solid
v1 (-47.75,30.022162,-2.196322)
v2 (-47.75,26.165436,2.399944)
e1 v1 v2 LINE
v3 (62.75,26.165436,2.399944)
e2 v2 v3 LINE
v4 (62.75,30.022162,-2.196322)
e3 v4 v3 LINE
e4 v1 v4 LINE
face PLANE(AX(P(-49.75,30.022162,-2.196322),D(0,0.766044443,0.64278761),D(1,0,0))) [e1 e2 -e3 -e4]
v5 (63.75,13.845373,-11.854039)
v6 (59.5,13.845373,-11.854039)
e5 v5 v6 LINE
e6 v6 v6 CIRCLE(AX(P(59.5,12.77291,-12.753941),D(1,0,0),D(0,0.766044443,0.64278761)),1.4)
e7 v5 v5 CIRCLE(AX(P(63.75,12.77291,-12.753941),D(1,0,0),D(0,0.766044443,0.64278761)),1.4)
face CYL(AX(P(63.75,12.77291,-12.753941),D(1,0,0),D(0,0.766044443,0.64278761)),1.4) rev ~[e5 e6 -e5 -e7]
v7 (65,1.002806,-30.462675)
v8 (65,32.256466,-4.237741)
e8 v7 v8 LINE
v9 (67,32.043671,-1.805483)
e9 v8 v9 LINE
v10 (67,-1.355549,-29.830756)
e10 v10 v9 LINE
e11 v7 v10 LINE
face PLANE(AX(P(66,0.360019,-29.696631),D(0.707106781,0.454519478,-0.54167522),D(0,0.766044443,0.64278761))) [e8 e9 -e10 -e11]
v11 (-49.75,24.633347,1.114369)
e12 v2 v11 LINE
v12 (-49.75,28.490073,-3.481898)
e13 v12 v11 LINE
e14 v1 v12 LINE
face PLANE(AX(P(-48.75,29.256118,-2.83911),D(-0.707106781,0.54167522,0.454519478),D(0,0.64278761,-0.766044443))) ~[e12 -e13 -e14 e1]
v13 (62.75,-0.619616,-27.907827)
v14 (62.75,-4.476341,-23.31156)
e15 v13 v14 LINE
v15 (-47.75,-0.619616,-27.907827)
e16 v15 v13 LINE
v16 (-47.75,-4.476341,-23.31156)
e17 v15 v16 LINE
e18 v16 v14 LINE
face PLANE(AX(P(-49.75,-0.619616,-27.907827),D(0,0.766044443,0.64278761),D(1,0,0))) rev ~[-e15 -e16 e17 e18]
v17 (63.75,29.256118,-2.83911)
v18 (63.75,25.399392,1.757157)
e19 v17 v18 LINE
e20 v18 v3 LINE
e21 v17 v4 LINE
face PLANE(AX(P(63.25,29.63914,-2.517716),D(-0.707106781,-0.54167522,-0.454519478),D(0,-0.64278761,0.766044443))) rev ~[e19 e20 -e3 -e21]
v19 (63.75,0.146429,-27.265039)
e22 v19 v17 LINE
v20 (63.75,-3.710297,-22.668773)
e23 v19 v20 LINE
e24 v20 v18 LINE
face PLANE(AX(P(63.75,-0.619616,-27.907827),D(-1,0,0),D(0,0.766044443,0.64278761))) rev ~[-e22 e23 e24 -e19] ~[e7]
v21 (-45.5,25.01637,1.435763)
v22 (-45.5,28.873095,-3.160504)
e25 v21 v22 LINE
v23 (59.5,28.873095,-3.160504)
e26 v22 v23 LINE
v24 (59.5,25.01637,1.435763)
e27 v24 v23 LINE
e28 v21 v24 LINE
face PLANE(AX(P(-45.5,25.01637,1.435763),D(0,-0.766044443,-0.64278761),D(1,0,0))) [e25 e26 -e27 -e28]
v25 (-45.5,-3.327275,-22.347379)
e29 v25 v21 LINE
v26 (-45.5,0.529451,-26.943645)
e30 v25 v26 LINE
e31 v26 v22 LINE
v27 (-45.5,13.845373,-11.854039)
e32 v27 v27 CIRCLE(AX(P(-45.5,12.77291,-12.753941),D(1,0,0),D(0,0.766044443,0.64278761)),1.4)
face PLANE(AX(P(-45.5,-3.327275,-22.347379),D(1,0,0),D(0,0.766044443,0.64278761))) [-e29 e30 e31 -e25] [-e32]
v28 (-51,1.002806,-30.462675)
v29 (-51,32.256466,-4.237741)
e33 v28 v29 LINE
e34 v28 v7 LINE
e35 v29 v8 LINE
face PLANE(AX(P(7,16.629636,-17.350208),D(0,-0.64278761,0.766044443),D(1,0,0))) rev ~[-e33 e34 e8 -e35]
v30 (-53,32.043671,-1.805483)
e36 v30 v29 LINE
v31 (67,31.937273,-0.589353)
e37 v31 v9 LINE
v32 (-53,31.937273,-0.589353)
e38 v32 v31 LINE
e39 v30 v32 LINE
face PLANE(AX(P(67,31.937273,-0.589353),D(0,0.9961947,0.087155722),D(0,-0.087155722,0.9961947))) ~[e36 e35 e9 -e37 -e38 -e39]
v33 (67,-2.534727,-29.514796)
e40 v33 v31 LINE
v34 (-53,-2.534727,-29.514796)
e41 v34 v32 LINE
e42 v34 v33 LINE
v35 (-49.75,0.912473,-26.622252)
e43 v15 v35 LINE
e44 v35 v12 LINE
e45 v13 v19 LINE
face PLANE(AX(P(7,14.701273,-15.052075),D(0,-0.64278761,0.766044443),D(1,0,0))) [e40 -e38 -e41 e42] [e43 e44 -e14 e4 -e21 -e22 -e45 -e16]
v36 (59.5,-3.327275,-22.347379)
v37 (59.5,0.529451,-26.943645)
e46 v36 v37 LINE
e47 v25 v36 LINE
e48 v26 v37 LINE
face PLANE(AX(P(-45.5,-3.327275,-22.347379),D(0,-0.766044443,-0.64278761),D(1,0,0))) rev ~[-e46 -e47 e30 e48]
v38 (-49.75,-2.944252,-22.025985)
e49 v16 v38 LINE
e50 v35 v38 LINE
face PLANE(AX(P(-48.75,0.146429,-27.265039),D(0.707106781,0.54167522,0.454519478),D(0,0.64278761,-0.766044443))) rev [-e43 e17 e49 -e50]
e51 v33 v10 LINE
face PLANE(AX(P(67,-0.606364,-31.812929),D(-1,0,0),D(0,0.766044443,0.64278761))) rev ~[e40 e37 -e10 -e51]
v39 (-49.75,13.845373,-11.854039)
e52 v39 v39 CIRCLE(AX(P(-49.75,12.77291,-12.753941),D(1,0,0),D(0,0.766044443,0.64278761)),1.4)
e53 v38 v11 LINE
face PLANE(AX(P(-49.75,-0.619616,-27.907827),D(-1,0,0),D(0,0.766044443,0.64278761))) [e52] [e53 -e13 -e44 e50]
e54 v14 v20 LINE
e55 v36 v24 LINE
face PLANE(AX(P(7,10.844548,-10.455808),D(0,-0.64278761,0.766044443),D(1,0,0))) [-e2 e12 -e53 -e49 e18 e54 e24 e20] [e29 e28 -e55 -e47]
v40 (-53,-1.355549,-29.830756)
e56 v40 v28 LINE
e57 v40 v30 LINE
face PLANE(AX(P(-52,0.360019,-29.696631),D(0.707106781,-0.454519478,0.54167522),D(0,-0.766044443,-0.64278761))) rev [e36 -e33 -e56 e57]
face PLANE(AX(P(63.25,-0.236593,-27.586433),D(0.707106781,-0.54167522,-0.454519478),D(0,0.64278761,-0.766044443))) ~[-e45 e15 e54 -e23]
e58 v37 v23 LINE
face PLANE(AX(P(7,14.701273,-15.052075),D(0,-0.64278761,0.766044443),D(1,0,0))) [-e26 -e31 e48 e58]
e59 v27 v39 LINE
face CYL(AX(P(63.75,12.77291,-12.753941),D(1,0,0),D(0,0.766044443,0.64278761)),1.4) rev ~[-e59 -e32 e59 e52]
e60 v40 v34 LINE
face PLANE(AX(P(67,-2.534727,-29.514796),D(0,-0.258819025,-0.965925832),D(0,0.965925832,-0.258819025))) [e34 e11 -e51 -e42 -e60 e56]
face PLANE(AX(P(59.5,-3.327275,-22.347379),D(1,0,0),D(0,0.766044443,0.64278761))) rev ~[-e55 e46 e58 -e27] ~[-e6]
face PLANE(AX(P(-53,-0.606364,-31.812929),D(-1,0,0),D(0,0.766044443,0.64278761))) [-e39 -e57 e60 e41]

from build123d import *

# Parameters (mm, degrees)
SKETCH018_W             = 120
SKETCH018_H             = 45
PAD003_DEPTH            = 3
SKETCH019_W             = 113.5
SKETCH019_H             = 40
PAD004_DEPTH            = 6
SKETCH020_R             = 1.4
POCKET008_DEPTH         = 116.751
POCKET012_DEPTH         = 376.952357
CHAMFER008_SIZE         = 2
SKETCH021_W             = 105
SKETCH021_H             = 37
POCKET013_DEPTH         = 6
CHAMFER009_SIZE         = 2
CHAMFER010_SIZE         = 1
CHAMFER011_SIZE         = 1
CHAMFER012_SIZE         = 2
BODY001_PLACEMENT_ANGLE = 50


with BuildPart() as part:
    # Sketch018 → Pad003 (new body)
    with BuildSketch(Plane.XZ):
        Rectangle(SKETCH018_W, SKETCH018_H)
    extrude(amount=PAD003_DEPTH)

    # Sketch019 (on Face6 of Pad003) → Pad004 (join)
    with BuildSketch(Plane.XZ.offset(3)):
        Rectangle(SKETCH019_W, SKETCH019_H)
    extrude(amount=PAD004_DEPTH)

    # Sketch020 (on Face8 of Pad004) → Pocket008 (cut, through all)
    with BuildSketch(Plane(origin=(56.75, 0, 0), x_dir=(0, 0, 1), z_dir=(1, 0, 0))):
        with Locations((0, 6)):
            Circle(SKETCH020_R)
    extrude(amount=-POCKET008_DEPTH, mode=Mode.SUBTRACT)

    # Sketch024 (on Face3 of Pocket008) → Pocket012 (cut, through all)
    with BuildSketch(Plane(origin=(60, 0, 0), x_dir=(0, 0, 1), z_dir=(1, 0, 0))):
        Polygon((-22.5, 3), (-17.875456, -3.604533), (-35.516254, -3.604533), align=None)
    pocket012 = extrude(amount=-POCKET012_DEPTH, mode=Mode.SUBTRACT)

    # Mirrored: Pocket012 across Sketch024 V_Axis
    add(pocket012.mirror(Plane(origin=(60, 0, 0), x_dir=(1, 0, 0), z_dir=(0, 0, 1))), mode=Mode.SUBTRACT)

    # Chamfer008
    chamfer008_edges = [part.edges().sort_by_distance(p)[0] for p in [
        (60, 0, 0),
        (-60, 0, 0),
    ]]
    chamfer(chamfer008_edges, length=CHAMFER008_SIZE)

    # Sketch021 → Pocket013 (cut)
    with BuildSketch(Plane.XZ.offset(9)):
        Rectangle(SKETCH021_W, SKETCH021_H)
    extrude(amount=-POCKET013_DEPTH, mode=Mode.SUBTRACT)

    # Chamfer009
    chamfer009_edges = [part.edges().sort_by_distance(p)[0] for p in [
        (-56.75, -6, -20),
    ]]
    chamfer(chamfer009_edges, length=CHAMFER009_SIZE)

    # Chamfer010
    chamfer010_edges = [part.edges().sort_by_distance(p)[0] for p in [
        (56.75, -6, -20),
    ]]
    chamfer(chamfer010_edges, length=CHAMFER010_SIZE)

    # Chamfer011
    chamfer011_edges = [part.edges().sort_by_distance(p)[0] for p in [
        (56.75, -6, 20),
    ]]
    chamfer(chamfer011_edges, length=CHAMFER011_SIZE)

    # Chamfer012
    chamfer012_edges = [part.edges().sort_by_distance(p)[0] for p in [
        (-56.75, -6, 20),
    ]]
    chamfer(chamfer012_edges, length=CHAMFER012_SIZE)


with BuildPart() as part_1:
    # Body001 placement: moved
    add(part.part.moved(Location((7, 16.629636, -17.350208))).rotate(Axis((7, 16.629636, -17.350208), (-1, 0, 0)), BODY001_PLACEMENT_ANGLE))


solid = part_1.part
